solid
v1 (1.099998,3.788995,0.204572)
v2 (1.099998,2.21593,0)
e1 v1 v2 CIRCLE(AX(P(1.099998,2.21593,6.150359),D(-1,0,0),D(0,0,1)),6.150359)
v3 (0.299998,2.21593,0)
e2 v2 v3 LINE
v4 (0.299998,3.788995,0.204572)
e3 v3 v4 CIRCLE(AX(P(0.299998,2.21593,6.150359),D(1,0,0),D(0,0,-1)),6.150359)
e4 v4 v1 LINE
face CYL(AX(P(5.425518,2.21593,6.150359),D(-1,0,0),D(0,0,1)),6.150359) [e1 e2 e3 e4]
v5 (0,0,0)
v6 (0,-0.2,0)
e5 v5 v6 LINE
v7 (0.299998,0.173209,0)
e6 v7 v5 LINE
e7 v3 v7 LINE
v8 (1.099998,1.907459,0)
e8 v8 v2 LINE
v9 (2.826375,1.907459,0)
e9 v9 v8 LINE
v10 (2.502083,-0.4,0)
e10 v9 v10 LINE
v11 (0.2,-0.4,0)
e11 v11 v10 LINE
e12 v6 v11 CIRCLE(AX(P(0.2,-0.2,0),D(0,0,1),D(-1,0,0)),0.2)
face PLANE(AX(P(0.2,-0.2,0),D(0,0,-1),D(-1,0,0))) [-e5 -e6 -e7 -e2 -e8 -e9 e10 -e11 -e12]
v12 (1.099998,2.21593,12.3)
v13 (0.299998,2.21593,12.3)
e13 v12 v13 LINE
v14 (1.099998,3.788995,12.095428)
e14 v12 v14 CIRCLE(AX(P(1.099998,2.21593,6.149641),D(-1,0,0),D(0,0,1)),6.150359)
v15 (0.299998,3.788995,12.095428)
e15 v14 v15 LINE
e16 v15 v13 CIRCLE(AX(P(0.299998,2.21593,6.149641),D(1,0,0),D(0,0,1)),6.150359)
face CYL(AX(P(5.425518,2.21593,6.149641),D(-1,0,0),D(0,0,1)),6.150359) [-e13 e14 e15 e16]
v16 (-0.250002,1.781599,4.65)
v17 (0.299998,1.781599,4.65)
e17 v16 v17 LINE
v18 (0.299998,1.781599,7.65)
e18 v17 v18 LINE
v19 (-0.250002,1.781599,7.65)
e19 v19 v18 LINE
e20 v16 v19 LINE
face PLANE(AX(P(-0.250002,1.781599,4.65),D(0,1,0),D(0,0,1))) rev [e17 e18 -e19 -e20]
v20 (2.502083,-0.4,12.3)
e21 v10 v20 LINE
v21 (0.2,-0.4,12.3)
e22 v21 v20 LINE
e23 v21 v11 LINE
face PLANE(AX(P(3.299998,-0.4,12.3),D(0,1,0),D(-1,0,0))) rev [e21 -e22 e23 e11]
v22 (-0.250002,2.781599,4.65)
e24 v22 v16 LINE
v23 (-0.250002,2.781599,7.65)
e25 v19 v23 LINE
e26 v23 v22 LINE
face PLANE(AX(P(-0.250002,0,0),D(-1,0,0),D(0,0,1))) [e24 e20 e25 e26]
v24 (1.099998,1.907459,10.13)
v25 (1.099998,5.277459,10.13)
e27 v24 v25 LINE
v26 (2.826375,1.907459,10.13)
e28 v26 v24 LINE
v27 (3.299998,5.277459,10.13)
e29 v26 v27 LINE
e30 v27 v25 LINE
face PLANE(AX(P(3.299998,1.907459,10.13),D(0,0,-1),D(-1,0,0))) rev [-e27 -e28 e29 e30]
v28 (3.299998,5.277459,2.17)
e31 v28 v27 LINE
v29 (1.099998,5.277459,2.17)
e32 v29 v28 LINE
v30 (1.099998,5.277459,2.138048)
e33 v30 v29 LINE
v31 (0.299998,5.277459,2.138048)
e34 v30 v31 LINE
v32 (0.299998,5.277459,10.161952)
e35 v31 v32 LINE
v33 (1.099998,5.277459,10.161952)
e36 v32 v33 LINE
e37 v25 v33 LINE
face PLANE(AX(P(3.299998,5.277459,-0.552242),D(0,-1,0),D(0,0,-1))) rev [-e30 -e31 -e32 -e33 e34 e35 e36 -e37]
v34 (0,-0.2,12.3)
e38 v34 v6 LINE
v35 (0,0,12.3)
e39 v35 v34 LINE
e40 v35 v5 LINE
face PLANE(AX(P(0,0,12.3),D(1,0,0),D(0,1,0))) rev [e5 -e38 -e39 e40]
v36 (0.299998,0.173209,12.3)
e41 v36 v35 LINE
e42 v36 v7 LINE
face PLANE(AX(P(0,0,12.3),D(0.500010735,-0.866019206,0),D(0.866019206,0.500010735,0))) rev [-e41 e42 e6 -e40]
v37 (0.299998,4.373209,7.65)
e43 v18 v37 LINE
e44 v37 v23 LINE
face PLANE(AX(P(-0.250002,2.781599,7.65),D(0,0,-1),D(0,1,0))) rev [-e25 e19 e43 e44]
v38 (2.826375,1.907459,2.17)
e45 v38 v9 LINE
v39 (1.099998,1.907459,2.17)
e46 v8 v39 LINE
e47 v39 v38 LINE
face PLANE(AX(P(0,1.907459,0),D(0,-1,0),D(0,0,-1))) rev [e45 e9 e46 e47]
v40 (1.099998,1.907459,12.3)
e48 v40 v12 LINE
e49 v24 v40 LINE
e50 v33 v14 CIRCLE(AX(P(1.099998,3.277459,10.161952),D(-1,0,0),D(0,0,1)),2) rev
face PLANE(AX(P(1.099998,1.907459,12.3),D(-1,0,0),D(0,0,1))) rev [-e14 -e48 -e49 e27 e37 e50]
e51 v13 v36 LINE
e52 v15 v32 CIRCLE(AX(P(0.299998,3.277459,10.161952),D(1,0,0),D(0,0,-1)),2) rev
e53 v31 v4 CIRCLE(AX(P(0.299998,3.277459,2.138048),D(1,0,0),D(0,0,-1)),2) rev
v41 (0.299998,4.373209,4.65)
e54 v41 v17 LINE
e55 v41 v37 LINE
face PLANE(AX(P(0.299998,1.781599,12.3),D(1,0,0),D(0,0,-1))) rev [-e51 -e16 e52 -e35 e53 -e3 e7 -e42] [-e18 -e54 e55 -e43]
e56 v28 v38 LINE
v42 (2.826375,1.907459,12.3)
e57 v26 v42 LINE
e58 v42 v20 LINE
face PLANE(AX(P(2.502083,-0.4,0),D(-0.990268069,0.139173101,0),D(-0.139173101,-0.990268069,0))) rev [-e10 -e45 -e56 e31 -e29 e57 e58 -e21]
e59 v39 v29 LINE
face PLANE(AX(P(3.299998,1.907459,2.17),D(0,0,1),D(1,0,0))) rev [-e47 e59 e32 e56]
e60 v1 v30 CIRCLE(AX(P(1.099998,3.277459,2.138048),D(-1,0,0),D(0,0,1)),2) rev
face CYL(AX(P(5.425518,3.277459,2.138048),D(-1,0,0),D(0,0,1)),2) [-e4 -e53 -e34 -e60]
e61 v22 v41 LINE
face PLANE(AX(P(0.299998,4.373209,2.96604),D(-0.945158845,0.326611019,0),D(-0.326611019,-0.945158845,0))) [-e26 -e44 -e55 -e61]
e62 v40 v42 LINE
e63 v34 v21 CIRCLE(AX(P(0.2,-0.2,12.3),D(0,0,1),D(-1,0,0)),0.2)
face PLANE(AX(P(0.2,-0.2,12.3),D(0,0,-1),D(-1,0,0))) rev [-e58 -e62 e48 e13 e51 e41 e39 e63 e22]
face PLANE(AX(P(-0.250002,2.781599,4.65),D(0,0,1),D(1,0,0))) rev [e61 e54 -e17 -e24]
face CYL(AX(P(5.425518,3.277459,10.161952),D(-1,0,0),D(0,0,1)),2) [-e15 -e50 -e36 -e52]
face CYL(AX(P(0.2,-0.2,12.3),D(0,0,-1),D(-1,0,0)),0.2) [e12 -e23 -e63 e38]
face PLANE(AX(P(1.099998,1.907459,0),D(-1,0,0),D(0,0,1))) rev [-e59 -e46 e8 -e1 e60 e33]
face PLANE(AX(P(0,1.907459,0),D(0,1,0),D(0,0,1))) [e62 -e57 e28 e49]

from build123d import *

# Parameters (mm, degrees)
BOSS_EXTRUDE1_DEPTH = 12.3
SKETCH2_W           = 2.2
SKETCH2_H           = 2.17
CUT_EXTRUDE1_DEPTH  = 4.2
CUT_EXTRUDE3_DEPTH  = 0.8
SKETCH5_W           = 3
SKETCH5_H           = 1
BOSS_EXTRUDE2_DEPTH = 0.55
BOSS_EXTRUDE3_DEPTH = 3
SKETCH7_W           = 13.013136742
SKETCH7_H           = 0.83
CUT_EXTRUDE4_DEPTH  = 15.056708453
FILLET1_R           = 2
CUT_EXTRUDE5_DEPTH  = 14.785193345


with BuildPart() as part:
    # Sketch1 → Boss-Extrude1 (new body)
    with BuildSketch(Plane.XY):
        with BuildLine():
            Line((0, 0), (0.299997713, 0.173208719))
            Line((0.299997713, 0.173208719), (0.299997713, 1.781598719))
            Line((0.299997713, 1.781598719), (0.299997713, 6.107458719))
            Line((0.299997713, 6.107458719), (3.299997713, 6.107458719))
            Line((3.299997713, 6.107458719), (3.299997713, 0.646828719))
            Line((3.299997713, 0.646828719), (3.299997713, -0.4))
            Line((3.299997713, -0.4), (0.2, -0.4))
            ThreePointArc((0.2, -0.4), (0.058578644, -0.341421356), (0, -0.2))
            Line((0, -0.2), (0, 0))
        make_face()
    extrude(amount=BOSS_EXTRUDE1_DEPTH)

    # Sketch2 → Cut-Extrude1 (cut)
    with BuildSketch(Plane(origin=(0, 6.107458719, 0), x_dir=(1, 0, 0), z_dir=(0, 1, 0))):
        with Locations((2.199997713, -1.085)):
            Rectangle(SKETCH2_W, SKETCH2_H)
        with Locations((2.199997713, -11.215)):
            Rectangle(SKETCH2_W, SKETCH2_H)
    extrude(amount=-CUT_EXTRUDE1_DEPTH, mode=Mode.SUBTRACT)

    # Sketch4 → Cut-Extrude3 (cut)
    with BuildSketch(Plane.ZY.offset(-0.299997713)):
        with BuildLine():
            Line((10.41158, 6.107458719), (12.3, 6.107458719))
            Line((12.3, 6.107458719), (12.3, 2.215929667))
            ThreePointArc((12.3, 2.215929667), (12.02880398, 4.022129667), (11.23913234, 5.669043272))
            ThreePointArc((11.23913234, 5.669043272), (10.879869522, 5.991150317), (10.41158, 6.107458719))
        make_face()
        with BuildLine():
            Line((1.88842, 6.107458719), (0, 6.107458719))
            Line((0, 6.107458719), (0, 2.215929667))
            ThreePointArc((0, 2.215929667), (0.27119602, 4.022129667), (1.06086766, 5.669043272))
            ThreePointArc((1.06086766, 5.669043272), (1.420130478, 5.991150317), (1.88842, 6.107458719))
        make_face()
    extrude(amount=-CUT_EXTRUDE3_DEPTH, mode=Mode.SUBTRACT)

    # Sketch5 → Boss-Extrude2 (add)
    with BuildSketch(Plane.ZY.offset(-0.299997713)):
        with Locations((6.15, 2.281598719)):
            Rectangle(SKETCH5_W, SKETCH5_H)
    extrude(amount=BOSS_EXTRUDE2_DEPTH)

    # Sketch6 → Boss-Extrude3 (add)
    with BuildSketch(Plane.XY.offset(7.65)):
        Polygon((0.299997713, 2.781598719), (0.299997713, 4.373208719), (-0.250002287, 2.781598719), align=None)
    extrude(amount=-BOSS_EXTRUDE3_DEPTH)

    # Sketch7 → Cut-Extrude4 (cut, through all)
    with BuildSketch(Plane.ZY.offset(-0.299997713)):
        with Locations((5.954326159, 5.69245873)):
            Rectangle(SKETCH7_W, SKETCH7_H)
    extrude(amount=-CUT_EXTRUDE4_DEPTH, mode=Mode.SUBTRACT)

    # Fillet1
    fillet1_edges = [part.edges().sort_by_distance(p)[0] for p in [
        (0.699997713, 5.27745873, 0.816134079),
        (0.699997713, 5.27745873, 11.483865921),
    ]]
    fillet(fillet1_edges, radius=FILLET1_R)

    # Sketch8 → Cut-Extrude5 (cut, through all)
    with BuildSketch(Plane.XY.offset(12.3)):
        Polygon((3.299997713, -0.4), (2.502082924, -0.4), (3.299997713, 5.27745873), align=None)
    extrude(amount=-CUT_EXTRUDE5_DEPTH, mode=Mode.SUBTRACT)


solid = part.part
